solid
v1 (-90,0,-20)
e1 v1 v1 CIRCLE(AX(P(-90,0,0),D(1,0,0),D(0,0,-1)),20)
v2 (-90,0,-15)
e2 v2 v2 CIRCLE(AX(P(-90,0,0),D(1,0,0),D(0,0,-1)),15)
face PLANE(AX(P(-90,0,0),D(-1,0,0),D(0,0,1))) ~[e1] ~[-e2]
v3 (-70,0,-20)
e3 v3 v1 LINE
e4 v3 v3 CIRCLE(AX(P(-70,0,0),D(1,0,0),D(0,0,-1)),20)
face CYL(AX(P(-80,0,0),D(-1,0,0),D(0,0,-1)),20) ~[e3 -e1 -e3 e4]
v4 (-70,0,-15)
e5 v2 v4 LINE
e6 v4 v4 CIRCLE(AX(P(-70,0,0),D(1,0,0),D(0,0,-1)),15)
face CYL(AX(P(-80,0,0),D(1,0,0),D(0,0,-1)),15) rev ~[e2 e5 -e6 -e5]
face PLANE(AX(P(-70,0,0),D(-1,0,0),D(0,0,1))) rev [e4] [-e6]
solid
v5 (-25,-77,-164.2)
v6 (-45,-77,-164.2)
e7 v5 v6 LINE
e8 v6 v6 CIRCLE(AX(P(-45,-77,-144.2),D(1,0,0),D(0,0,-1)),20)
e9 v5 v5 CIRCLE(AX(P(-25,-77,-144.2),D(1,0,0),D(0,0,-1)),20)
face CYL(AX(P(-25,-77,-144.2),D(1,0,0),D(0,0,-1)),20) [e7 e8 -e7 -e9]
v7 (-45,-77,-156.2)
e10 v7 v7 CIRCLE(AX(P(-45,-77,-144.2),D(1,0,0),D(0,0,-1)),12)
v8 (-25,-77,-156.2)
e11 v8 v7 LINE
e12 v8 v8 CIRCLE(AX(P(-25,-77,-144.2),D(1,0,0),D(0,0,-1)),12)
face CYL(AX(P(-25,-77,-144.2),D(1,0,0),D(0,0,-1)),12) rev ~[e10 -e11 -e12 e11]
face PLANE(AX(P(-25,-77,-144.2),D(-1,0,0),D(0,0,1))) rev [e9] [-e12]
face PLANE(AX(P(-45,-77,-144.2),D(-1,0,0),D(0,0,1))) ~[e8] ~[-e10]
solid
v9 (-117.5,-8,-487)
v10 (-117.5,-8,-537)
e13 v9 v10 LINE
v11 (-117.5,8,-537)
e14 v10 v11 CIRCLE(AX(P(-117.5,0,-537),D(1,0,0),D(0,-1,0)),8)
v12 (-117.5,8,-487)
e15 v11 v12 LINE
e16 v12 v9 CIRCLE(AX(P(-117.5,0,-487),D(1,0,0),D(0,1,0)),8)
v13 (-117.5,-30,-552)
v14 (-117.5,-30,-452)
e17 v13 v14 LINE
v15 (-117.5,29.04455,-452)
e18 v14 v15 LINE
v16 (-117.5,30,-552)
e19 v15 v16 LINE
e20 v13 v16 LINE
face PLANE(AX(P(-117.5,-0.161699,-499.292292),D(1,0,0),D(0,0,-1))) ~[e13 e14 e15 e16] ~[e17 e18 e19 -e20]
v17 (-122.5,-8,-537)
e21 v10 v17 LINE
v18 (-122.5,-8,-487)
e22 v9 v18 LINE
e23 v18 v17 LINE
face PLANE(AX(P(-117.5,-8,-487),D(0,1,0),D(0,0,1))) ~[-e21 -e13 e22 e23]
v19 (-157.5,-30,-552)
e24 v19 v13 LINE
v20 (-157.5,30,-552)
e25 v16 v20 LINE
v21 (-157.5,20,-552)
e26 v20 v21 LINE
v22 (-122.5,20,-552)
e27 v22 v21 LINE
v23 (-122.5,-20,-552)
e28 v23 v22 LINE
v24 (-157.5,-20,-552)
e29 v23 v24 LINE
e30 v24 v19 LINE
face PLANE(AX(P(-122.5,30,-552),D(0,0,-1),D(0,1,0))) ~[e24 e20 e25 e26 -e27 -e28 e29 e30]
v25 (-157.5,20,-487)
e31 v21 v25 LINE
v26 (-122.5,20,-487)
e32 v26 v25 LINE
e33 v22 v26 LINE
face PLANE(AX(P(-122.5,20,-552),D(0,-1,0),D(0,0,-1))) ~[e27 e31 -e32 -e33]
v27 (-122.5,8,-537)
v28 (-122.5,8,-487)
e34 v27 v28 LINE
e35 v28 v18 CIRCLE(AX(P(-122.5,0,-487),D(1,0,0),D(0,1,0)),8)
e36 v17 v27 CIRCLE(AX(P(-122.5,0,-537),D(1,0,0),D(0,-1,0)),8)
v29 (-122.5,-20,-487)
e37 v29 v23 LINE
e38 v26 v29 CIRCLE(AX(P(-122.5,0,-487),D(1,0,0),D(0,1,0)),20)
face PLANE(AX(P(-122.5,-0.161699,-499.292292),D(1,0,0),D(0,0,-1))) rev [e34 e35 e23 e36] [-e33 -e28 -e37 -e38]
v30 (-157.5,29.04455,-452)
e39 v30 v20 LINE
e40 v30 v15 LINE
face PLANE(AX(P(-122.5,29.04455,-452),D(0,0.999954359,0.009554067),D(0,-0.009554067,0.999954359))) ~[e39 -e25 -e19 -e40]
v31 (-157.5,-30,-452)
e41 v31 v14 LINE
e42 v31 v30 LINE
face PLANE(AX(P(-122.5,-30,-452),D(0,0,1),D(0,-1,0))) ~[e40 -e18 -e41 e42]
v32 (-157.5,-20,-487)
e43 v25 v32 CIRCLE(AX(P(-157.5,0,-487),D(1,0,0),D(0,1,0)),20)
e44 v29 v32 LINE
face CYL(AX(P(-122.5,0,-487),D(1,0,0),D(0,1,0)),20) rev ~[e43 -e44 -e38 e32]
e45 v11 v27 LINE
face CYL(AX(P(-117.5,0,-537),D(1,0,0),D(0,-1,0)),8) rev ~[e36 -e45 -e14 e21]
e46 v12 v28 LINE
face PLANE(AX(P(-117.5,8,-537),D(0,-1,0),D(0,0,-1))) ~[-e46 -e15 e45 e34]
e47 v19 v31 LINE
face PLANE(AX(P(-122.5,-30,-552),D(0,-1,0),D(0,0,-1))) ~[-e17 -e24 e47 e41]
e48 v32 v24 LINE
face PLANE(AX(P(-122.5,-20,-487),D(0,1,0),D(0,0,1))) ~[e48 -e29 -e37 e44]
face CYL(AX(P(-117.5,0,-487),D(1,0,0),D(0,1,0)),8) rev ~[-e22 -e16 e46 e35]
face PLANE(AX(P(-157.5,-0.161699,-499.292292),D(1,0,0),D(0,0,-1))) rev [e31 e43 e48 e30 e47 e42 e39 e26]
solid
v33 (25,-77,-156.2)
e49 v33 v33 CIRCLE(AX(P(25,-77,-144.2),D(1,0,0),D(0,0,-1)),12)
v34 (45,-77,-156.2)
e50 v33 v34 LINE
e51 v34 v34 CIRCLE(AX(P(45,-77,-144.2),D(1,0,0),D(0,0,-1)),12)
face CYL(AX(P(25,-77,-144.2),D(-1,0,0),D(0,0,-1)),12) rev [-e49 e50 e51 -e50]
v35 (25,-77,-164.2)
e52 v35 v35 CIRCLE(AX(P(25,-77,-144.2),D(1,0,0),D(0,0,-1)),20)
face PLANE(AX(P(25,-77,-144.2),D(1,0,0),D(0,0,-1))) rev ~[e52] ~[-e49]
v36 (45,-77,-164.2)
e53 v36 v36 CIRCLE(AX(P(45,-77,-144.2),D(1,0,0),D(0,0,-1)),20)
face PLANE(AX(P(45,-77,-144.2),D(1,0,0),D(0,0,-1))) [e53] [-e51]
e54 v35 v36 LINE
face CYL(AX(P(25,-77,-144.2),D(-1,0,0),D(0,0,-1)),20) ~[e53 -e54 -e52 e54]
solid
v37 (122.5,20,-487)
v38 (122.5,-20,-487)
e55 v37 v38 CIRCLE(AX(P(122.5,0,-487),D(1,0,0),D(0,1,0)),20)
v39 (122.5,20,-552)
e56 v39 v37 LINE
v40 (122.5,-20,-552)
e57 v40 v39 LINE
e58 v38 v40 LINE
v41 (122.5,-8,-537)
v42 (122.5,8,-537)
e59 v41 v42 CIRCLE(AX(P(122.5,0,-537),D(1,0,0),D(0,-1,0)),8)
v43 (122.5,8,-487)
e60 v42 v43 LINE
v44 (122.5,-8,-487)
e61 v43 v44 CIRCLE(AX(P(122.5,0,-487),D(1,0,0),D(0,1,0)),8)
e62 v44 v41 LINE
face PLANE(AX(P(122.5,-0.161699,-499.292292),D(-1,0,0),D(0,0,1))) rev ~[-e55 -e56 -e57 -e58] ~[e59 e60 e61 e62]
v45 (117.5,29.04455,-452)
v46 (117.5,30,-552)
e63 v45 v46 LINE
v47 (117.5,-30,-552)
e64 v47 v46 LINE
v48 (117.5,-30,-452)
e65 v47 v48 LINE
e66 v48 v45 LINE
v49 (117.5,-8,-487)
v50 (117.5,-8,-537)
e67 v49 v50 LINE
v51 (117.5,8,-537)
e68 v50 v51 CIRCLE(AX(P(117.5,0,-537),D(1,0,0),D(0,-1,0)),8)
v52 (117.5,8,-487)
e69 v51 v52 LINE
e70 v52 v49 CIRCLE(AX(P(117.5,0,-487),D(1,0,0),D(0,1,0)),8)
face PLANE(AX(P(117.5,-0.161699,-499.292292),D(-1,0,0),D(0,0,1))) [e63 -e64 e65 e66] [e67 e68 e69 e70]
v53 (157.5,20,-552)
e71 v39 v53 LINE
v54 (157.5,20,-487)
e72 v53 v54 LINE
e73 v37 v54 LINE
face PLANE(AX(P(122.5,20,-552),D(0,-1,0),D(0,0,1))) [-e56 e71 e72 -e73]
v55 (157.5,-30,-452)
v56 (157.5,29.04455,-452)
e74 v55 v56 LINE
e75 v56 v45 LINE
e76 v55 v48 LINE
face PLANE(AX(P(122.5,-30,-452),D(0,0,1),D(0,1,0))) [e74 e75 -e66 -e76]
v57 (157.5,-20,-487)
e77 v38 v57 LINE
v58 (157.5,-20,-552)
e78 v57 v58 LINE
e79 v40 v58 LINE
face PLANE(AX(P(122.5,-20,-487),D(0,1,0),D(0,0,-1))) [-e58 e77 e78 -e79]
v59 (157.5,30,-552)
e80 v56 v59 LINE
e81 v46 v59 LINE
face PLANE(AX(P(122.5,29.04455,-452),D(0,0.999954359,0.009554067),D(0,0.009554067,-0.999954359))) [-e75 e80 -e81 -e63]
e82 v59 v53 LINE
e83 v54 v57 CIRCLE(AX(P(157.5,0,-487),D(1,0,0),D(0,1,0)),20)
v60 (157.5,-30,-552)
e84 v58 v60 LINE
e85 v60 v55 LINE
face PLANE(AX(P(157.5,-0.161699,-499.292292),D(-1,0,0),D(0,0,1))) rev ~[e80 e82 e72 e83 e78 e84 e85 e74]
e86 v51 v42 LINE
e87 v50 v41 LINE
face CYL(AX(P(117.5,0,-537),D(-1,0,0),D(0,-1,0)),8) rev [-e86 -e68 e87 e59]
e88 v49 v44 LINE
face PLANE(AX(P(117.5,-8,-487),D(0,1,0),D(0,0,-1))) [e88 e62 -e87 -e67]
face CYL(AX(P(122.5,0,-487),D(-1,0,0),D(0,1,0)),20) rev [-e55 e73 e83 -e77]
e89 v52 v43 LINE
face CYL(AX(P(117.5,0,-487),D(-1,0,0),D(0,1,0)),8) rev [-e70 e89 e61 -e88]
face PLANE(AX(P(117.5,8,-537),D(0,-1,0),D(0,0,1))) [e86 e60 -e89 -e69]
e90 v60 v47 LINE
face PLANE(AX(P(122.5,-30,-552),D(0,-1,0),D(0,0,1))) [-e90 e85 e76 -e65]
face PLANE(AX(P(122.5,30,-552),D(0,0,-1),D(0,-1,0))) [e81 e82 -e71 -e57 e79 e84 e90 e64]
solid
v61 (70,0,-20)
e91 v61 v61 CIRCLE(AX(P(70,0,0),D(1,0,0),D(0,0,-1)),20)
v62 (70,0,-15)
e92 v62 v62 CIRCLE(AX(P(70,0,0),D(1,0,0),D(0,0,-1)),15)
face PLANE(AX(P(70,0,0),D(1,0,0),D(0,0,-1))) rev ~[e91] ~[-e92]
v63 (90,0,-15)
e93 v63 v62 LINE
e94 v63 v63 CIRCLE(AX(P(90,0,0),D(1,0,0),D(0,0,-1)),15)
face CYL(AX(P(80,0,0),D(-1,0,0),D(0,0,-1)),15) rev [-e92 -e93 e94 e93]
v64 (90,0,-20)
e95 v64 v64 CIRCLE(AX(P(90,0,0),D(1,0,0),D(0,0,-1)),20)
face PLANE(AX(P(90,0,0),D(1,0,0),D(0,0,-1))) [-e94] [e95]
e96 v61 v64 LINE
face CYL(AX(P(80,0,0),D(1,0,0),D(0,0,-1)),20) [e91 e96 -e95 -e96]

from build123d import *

# Parameters (mm, degrees)
TYLNE_START              = -7.5
TYLNE_KO_O_DEPTH         = 5
TYLENE_START             = -2.5
TYLENE_KO_O_2_DEPTH      = 35
RAMA_START               = -55
SZKIC_INSERT_RAMA_R      = 20
SZKIC_INSERT_RAMA_R_2    = 15
RAMA_DEPTH               = 10
LINKAGE_START            = 25
SZKIC_INSERT_LINKAGE_R   = 20
SZKIC_INSERT_LINKAGE_R_2 = 12
LINKAGE_DEPTH            = 20


with BuildPart() as part:
    # Szkic - insert - tylne koło → Tylne koło (new body)
    with BuildSketch(Plane(origin=(125, 0, 0), x_dir=(0, 0, -1), z_dir=(1, 0, 0)).offset(TYLNE_START)):
        with BuildLine():
            ThreePointArc((487, 20), (467, 0), (487, -20))
            Line((487, -20), (552, -20))
            Line((552, -20), (552, -30))
            Line((552, -30), (452, -30))
            Line((452, -30), (452, 29.044549731))
            Line((452, 29.044549731), (552, 30))
            Line((552, 30), (552, 20))
            Line((552, 20), (487, 20))
        make_face()
        with BuildLine():
            Line((487, 20), (552, 20))
            Line((552, 20), (552, -20))
            Line((552, -20), (487, -20))
            ThreePointArc((487, -20), (467, 0), (487, 20))
        make_face()
        with BuildLine():
            ThreePointArc((537, -8), (545, 0), (537, 8))
            Line((537, 8), (487, 8))
            ThreePointArc((487, 8), (479, 0), (487, -8))
            Line((487, -8), (537, -8))
        make_face(mode=Mode.SUBTRACT)
    extrude(amount=TYLNE_KO_O_DEPTH)

    # Szkic - insert - tylne koło<6> → Tylene koło 2 (add)
    with BuildSketch(Plane(origin=(125, 0, 0), x_dir=(0, 0, -1), z_dir=(1, 0, 0)).offset(TYLENE_START)):
        with BuildLine():
            ThreePointArc((487, 20), (467, 0), (487, -20))
            Line((487, -20), (552, -20))
            Line((552, -20), (552, -30))
            Line((552, -30), (452, -30))
            Line((452, -30), (452, 29.044549731))
            Line((452, 29.044549731), (552, 30))
            Line((552, 30), (552, 20))
            Line((552, 20), (487, 20))
        make_face()
    extrude(amount=TYLENE_KO_O_2_DEPTH)


with BuildPart() as body_2:
    # Szkic - insert - rama → Rama (new, symmetric)
    with BuildSketch(Plane(origin=(135, 0, 0), x_dir=(0, 0, -1), z_dir=(1, 0, 0)).offset(RAMA_START)):
        Circle(SZKIC_INSERT_RAMA_R)
        Circle(SZKIC_INSERT_RAMA_R_2, mode=Mode.SUBTRACT)
    extrude(amount=RAMA_DEPTH, both=True)


with BuildPart() as body_3:
    # Szkic - insert - linkage → Linkage (new body)
    with BuildSketch(Plane(origin=(0, 0, 0), x_dir=(0, 0, -1), z_dir=(1, 0, 0)).offset(LINKAGE_START)):
        with Locations((144.2, -77)):
            Circle(SZKIC_INSERT_LINKAGE_R)
        with Locations((144.2, -77)):
            Circle(SZKIC_INSERT_LINKAGE_R_2, mode=Mode.SUBTRACT)
    extrude(amount=LINKAGE_DEPTH)


with BuildPart() as body_4:
    # Lustro1: mirrored copy
    add(part.part.mirror(Plane(origin=(0, 0, 0), x_dir=(0, 0, 1), z_dir=(1, 0, 0))))


with BuildPart() as body_5:
    # Lustro1 2: mirrored copy
    add(body_2.part.mirror(Plane(origin=(0, 0, 0), x_dir=(0, 0, 1), z_dir=(1, 0, 0))))


with BuildPart() as body_6:
    # Lustro1 3: mirrored copy
    add(body_3.part.mirror(Plane(origin=(0, 0, 0), x_dir=(0, 0, 1), z_dir=(1, 0, 0))))


solid = Compound([part.part, body_2.part, body_3.part, body_4.part, body_5.part, body_6.part])
